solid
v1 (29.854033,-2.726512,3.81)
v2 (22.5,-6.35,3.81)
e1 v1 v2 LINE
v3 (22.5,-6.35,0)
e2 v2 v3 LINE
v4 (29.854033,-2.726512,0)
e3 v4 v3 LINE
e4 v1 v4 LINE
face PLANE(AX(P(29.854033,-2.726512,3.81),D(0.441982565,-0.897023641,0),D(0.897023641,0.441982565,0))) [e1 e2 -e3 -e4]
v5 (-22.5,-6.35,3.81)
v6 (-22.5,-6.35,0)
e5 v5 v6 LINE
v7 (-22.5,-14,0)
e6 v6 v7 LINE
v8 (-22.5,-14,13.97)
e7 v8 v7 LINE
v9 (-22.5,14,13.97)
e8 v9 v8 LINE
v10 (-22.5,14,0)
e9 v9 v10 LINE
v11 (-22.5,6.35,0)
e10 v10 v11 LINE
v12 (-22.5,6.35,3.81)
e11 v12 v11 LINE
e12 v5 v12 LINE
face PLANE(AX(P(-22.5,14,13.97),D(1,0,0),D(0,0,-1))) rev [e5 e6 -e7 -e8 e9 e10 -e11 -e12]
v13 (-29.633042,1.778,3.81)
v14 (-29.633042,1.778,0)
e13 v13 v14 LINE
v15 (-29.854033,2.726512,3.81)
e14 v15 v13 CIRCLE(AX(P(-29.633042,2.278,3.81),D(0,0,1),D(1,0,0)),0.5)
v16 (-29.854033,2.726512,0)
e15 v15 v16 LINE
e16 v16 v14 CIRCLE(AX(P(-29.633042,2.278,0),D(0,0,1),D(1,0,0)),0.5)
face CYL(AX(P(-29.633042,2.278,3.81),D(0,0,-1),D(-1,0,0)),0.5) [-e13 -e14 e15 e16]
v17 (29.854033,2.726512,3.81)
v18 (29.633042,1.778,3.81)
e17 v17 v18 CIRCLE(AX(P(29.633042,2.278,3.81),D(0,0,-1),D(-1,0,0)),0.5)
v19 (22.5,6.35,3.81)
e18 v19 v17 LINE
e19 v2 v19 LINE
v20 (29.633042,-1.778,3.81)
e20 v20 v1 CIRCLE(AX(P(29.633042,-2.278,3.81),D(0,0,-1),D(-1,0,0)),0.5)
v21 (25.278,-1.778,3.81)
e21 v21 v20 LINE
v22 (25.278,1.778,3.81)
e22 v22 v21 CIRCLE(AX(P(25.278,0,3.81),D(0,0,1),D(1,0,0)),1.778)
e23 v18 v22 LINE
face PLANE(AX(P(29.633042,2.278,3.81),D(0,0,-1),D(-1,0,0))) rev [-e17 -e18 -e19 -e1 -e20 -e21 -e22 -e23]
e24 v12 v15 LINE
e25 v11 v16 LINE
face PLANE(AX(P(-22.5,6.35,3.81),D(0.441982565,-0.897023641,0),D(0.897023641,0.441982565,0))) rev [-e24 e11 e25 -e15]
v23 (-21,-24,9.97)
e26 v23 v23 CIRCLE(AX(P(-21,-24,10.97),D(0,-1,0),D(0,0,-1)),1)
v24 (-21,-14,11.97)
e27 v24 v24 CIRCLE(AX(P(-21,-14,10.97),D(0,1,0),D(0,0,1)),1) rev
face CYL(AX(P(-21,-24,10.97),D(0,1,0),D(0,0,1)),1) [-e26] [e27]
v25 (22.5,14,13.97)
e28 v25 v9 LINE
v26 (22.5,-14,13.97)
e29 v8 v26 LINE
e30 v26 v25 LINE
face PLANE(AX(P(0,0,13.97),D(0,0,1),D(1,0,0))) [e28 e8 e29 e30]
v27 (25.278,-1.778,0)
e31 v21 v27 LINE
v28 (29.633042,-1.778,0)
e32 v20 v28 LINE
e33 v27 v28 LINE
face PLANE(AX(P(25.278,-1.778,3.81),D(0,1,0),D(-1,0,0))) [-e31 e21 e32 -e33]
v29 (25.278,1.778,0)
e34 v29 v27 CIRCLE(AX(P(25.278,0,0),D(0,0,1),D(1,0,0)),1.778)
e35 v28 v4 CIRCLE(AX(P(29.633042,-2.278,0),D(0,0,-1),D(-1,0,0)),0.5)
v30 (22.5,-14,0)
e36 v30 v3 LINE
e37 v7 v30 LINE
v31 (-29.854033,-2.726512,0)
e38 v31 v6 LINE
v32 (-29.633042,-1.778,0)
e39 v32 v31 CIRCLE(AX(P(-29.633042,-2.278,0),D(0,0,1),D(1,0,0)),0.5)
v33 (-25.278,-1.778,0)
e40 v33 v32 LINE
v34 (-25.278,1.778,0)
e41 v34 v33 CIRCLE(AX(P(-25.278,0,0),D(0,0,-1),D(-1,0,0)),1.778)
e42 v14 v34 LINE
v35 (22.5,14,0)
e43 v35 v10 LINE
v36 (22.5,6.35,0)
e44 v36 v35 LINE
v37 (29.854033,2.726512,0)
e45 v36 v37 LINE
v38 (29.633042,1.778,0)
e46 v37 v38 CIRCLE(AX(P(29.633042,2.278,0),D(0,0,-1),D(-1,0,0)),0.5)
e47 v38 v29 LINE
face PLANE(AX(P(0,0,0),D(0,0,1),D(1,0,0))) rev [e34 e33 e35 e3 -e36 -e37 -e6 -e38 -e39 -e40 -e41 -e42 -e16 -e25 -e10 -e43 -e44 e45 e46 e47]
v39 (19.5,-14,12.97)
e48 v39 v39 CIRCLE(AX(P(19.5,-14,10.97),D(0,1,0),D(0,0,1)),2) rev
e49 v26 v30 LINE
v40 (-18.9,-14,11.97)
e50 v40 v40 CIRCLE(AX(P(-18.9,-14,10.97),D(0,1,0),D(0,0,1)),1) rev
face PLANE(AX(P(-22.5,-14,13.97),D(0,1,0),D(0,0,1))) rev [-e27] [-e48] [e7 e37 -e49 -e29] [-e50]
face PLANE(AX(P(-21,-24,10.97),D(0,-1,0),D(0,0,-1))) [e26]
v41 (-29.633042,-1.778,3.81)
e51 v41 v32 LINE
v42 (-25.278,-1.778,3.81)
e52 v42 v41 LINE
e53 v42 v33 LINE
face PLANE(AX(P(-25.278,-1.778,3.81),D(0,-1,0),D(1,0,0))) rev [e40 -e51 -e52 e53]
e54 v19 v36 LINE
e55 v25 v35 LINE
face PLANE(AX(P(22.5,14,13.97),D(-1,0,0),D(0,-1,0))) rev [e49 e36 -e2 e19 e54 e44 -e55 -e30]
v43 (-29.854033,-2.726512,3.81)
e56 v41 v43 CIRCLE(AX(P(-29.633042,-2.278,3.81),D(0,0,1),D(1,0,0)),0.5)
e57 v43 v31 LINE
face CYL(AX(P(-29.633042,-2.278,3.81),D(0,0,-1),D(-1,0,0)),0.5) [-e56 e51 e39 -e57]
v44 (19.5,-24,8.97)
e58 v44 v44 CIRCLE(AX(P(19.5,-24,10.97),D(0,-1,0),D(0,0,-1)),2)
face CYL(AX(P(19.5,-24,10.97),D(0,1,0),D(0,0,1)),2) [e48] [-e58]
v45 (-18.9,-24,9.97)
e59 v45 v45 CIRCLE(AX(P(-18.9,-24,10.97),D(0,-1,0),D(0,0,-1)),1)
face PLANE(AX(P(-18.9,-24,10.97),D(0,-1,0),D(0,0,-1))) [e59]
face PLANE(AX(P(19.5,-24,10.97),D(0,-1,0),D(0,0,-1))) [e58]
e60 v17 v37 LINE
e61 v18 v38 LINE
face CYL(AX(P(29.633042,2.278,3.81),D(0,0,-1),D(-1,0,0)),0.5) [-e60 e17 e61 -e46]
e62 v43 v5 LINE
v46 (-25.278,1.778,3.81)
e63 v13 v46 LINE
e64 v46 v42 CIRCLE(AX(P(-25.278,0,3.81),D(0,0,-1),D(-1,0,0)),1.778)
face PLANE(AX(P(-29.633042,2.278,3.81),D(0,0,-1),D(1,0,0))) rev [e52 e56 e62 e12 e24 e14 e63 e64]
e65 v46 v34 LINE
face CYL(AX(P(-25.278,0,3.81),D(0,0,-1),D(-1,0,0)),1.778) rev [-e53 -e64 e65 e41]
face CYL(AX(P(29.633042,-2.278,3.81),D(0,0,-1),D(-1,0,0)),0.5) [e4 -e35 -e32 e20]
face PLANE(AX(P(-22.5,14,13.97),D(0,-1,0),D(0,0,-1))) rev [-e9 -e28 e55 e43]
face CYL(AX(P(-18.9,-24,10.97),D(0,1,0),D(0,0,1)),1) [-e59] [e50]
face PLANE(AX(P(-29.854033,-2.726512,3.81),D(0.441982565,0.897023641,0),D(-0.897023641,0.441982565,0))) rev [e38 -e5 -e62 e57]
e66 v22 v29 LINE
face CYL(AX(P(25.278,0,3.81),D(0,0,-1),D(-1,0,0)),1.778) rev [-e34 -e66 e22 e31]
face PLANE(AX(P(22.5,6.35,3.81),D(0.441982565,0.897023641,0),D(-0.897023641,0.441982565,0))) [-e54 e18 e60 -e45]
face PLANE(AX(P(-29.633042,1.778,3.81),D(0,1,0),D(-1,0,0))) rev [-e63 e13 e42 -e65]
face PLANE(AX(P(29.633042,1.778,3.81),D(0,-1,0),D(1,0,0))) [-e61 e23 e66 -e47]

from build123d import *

# Parameters (mm, degrees)
SKETCH1_W           = 45
SKETCH1_H           = 28
BOSS_EXTRUDE1_DEPTH = 13.97
BOSS_EXTRUDE2_DEPTH = 3.81
SKETCH4_R           = 1
SKETCH4_R_2         = 2
BOSS_EXTRUDE3_DEPTH = 10


with BuildPart() as part:
    # Sketch1 → Boss-Extrude1 (new body)
    with BuildSketch(Plane.XY):
        Rectangle(SKETCH1_W, SKETCH1_H)
    extrude(amount=BOSS_EXTRUDE1_DEPTH)

    # Sketch3 → Boss-Extrude2 (add)
    with BuildSketch(Plane(origin=(0, 0, 0), x_dir=(-1, 0, 0), z_dir=(0, 0, -1))):
        with BuildLine():
            Line((-22.5, 6.35), (-29.854033425, 2.72651182))
            ThreePointArc((-29.854033425, 2.72651182), (-30.12, 2.164544965), (-29.633042142, 1.778))
            Line((-29.633042142, 1.778), (-25.278, 1.778))
            ThreePointArc((-25.278, 1.778), (-23.5, 0), (-25.278, -1.778))
            Line((-25.278, -1.778), (-29.633042142, -1.778))
            ThreePointArc((-29.633042142, -1.778), (-30.12, -2.164544965), (-29.854033425, -2.72651182))
            Line((-29.854033425, -2.72651182), (-22.5, -6.35))
            Line((-22.5, -6.35), (-22.5, 6.35))
        make_face()
    boss_extrude2 = extrude(amount=-BOSS_EXTRUDE2_DEPTH)

    # Mirror8: Boss-Extrude2 across plane
    add(boss_extrude2.mirror(Plane(origin=(0, 0, 0), x_dir=(0, 0, 1), z_dir=(1, 0, 0))))

    # Sketch4 → Boss-Extrude3 (add)
    with BuildSketch(Plane.XZ.offset(14)):
        with Locations(Location((-21, 10.97, 0), (0, 0, 90))):
            Circle(SKETCH4_R)
        with Locations(Location((-18.9, 10.97, 0), (0, 0, 90))):
            Circle(SKETCH4_R)
        with Locations(Location((19.5, 10.97, 0), (0, 0, 90))):
            Circle(SKETCH4_R_2)
    extrude(amount=BOSS_EXTRUDE3_DEPTH)


solid = part.part
